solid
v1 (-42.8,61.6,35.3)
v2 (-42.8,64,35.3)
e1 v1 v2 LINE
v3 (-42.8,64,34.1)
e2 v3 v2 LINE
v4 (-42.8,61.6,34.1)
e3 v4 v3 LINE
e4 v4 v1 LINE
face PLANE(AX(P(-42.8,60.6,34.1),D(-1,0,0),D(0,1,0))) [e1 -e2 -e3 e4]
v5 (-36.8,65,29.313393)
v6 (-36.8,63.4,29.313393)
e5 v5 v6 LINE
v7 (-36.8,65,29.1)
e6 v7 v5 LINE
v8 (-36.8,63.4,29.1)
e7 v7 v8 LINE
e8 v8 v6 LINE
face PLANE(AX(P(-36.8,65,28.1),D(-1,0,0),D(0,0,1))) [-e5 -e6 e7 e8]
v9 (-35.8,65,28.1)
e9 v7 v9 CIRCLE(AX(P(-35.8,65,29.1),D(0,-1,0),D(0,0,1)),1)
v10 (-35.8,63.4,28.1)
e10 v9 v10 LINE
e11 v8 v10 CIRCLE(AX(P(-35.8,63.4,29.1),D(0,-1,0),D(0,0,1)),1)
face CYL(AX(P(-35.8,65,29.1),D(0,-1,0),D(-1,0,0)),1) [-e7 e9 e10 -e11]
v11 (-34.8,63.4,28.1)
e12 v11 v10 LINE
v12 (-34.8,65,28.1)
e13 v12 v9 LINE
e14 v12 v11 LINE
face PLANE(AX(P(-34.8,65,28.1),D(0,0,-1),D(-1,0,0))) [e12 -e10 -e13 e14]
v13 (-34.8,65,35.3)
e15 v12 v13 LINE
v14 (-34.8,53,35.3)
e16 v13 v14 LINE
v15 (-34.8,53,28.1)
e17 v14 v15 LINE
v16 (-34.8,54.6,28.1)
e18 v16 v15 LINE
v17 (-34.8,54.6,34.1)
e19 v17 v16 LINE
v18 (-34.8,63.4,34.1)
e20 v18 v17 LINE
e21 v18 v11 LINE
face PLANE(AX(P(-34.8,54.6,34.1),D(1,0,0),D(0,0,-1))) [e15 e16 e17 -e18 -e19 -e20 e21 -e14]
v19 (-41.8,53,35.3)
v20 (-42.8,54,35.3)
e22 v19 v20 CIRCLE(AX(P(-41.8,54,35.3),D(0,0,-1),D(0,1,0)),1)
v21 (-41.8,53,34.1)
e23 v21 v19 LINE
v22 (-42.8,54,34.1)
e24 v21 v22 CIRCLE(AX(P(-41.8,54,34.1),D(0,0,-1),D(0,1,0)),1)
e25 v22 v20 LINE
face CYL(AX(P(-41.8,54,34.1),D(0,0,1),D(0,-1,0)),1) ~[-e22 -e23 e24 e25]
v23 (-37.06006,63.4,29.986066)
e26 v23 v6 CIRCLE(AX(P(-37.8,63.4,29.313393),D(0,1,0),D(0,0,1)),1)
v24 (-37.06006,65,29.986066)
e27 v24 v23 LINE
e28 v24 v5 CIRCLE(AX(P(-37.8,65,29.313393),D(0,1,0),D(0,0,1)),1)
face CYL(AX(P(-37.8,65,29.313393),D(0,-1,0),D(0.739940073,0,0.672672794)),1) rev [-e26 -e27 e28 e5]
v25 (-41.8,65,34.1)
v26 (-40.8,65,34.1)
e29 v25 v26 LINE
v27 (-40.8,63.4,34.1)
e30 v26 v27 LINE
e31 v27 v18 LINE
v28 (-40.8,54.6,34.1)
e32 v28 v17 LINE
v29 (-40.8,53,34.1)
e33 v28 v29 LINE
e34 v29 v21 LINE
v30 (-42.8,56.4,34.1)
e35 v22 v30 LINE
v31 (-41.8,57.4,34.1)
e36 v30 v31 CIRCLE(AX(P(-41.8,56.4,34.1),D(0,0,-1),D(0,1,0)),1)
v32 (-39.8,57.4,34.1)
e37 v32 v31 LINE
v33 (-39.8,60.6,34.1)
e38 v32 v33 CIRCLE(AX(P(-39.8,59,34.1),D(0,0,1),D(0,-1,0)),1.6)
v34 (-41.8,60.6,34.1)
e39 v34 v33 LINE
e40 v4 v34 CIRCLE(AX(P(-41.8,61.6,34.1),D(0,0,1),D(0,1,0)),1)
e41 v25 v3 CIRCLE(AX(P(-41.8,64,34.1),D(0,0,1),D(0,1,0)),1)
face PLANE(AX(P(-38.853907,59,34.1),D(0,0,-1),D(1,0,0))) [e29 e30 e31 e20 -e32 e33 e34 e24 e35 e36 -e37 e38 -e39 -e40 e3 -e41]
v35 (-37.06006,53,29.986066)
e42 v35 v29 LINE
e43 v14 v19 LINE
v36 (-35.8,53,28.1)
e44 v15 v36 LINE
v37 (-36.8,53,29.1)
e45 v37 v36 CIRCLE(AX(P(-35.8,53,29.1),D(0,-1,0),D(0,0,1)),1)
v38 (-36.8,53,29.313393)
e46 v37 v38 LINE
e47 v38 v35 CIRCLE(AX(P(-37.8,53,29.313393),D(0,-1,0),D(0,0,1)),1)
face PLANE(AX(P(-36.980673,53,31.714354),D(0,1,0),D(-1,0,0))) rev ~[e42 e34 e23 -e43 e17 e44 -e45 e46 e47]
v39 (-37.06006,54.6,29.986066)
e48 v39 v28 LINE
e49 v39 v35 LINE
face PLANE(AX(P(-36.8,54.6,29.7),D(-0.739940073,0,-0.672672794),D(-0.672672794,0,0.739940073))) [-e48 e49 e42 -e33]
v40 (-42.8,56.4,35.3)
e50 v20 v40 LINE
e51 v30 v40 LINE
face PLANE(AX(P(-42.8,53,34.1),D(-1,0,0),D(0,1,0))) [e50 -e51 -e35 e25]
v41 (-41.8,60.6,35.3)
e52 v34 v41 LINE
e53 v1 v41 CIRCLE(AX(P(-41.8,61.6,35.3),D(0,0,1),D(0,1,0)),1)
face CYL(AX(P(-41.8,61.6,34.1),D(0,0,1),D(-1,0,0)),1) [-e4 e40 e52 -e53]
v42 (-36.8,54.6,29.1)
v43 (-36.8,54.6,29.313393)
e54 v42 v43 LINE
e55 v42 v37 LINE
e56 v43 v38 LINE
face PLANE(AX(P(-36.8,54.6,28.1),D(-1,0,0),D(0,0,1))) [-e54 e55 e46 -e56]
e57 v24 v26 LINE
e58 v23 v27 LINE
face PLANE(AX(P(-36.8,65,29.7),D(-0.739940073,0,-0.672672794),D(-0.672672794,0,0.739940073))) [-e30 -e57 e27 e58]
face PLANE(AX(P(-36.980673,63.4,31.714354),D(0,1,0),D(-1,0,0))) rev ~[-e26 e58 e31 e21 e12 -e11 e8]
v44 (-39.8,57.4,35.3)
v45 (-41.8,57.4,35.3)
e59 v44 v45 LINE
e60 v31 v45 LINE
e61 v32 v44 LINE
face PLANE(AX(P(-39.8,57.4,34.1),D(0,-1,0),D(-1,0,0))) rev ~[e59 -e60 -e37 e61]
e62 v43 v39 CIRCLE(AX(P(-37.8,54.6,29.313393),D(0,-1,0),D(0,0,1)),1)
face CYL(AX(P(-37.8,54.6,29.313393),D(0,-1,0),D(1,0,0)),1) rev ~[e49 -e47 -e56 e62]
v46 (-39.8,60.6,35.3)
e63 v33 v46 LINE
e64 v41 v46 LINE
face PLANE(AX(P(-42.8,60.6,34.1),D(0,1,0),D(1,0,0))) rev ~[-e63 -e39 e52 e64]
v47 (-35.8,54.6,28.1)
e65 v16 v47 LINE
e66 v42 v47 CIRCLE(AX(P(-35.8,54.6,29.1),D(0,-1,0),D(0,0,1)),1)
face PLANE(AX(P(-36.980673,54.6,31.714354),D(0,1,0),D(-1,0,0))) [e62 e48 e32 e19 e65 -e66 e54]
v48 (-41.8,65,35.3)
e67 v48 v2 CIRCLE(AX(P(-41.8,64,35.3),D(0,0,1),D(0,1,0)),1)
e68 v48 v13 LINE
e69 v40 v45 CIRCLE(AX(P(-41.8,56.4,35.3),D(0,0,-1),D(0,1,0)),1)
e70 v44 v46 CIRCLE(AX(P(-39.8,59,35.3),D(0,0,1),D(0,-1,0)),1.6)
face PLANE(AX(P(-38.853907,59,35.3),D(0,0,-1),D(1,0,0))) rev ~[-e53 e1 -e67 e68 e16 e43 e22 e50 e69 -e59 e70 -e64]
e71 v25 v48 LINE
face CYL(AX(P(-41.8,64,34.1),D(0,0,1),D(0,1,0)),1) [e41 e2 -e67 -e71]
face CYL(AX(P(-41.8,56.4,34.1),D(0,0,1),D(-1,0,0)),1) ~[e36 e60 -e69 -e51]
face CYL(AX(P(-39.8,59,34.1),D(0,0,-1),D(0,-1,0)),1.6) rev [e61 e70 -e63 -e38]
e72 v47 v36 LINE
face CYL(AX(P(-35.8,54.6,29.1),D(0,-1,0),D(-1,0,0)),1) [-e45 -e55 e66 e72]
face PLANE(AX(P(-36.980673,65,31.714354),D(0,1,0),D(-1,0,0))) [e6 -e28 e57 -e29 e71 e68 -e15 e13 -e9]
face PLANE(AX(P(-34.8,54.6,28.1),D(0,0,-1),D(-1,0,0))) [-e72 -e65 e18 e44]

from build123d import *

# Parameters (mm, degrees)
PAD071_DEPTH            = 1.2
PAD072_DEPTH            = 1.6
LINEARPATTERN006_COUNT  = 2
LINEARPATTERN006_PITCH  = 10.4
FILLET026_R             = 1
FILLET027_R             = 1
FILLET028_R             = 1
BODY021_PLACEMENT_ANGLE = 180


with BuildPart() as part:
    # Sketch101 → Pad071 (new body)
    with BuildSketch(Plane.XY):
        with BuildLine():
            Line((-4, 6), (4, 6))
            Line((4, 6), (4, 1.6))
            Line((1, 1.6), (4, 1.6))
            ThreePointArc((1, 1.6), (-0.6, 0), (1, -1.6))
            Line((4, -1.6), (1, -1.6))
            Line((4, -1.6), (4, -6))
            Line((4, -6), (-4, -6))
            Line((-4, -6), (-4, 6))
        make_face()
    extrude(amount=PAD071_DEPTH)

    # Sketch102 (on DatumPlane) → Pad072 (join)
    with BuildSketch(Plane.XZ.offset(6)):
        Polygon((-4, 0), (-4, -6), (-2, -6), (-2, -4.4), (2, 0), align=None)
    pad072 = extrude(amount=-PAD072_DEPTH)

    # LinearPattern006: Pad072 ×2
    with Locations(*[(0, i * LINEARPATTERN006_PITCH, 0) for i in range(1, LINEARPATTERN006_COUNT)]):
        add(pad072)

    # Fillet026
    fillet026_edges = [part.edges().sort_by_distance(p)[0] for p in [
        (-2, -5.2, -6),
        (-2, 5.2, -6),
    ]]
    fillet(fillet026_edges, radius=FILLET026_R)

    # Fillet027
    fillet027_edges = [part.edges().sort_by_distance(p)[0] for p in [
        (-2, -5.2, -4.4),
        (-2, 5.2, -4.4),
    ]]
    fillet(fillet027_edges, radius=FILLET027_R)

    # Fillet028
    fillet028_edges = [part.edges().sort_by_distance(p)[0] for p in [
        (4, -6, 0.6),
        (4, -1.6, 0.6),
        (4, 1.6, 0.6),
        (4, 6, 0.6),
    ]]
    fillet(fillet028_edges, radius=FILLET028_R)


with BuildPart() as part_1:
    # Body021 placement: moved
    add(part.part.moved(Location((-38.8, 59, 34.1))).rotate(Axis((-38.8, 59, 34.1), (0, 0, 1)), BODY021_PLACEMENT_ANGLE))


solid = part_1.part
